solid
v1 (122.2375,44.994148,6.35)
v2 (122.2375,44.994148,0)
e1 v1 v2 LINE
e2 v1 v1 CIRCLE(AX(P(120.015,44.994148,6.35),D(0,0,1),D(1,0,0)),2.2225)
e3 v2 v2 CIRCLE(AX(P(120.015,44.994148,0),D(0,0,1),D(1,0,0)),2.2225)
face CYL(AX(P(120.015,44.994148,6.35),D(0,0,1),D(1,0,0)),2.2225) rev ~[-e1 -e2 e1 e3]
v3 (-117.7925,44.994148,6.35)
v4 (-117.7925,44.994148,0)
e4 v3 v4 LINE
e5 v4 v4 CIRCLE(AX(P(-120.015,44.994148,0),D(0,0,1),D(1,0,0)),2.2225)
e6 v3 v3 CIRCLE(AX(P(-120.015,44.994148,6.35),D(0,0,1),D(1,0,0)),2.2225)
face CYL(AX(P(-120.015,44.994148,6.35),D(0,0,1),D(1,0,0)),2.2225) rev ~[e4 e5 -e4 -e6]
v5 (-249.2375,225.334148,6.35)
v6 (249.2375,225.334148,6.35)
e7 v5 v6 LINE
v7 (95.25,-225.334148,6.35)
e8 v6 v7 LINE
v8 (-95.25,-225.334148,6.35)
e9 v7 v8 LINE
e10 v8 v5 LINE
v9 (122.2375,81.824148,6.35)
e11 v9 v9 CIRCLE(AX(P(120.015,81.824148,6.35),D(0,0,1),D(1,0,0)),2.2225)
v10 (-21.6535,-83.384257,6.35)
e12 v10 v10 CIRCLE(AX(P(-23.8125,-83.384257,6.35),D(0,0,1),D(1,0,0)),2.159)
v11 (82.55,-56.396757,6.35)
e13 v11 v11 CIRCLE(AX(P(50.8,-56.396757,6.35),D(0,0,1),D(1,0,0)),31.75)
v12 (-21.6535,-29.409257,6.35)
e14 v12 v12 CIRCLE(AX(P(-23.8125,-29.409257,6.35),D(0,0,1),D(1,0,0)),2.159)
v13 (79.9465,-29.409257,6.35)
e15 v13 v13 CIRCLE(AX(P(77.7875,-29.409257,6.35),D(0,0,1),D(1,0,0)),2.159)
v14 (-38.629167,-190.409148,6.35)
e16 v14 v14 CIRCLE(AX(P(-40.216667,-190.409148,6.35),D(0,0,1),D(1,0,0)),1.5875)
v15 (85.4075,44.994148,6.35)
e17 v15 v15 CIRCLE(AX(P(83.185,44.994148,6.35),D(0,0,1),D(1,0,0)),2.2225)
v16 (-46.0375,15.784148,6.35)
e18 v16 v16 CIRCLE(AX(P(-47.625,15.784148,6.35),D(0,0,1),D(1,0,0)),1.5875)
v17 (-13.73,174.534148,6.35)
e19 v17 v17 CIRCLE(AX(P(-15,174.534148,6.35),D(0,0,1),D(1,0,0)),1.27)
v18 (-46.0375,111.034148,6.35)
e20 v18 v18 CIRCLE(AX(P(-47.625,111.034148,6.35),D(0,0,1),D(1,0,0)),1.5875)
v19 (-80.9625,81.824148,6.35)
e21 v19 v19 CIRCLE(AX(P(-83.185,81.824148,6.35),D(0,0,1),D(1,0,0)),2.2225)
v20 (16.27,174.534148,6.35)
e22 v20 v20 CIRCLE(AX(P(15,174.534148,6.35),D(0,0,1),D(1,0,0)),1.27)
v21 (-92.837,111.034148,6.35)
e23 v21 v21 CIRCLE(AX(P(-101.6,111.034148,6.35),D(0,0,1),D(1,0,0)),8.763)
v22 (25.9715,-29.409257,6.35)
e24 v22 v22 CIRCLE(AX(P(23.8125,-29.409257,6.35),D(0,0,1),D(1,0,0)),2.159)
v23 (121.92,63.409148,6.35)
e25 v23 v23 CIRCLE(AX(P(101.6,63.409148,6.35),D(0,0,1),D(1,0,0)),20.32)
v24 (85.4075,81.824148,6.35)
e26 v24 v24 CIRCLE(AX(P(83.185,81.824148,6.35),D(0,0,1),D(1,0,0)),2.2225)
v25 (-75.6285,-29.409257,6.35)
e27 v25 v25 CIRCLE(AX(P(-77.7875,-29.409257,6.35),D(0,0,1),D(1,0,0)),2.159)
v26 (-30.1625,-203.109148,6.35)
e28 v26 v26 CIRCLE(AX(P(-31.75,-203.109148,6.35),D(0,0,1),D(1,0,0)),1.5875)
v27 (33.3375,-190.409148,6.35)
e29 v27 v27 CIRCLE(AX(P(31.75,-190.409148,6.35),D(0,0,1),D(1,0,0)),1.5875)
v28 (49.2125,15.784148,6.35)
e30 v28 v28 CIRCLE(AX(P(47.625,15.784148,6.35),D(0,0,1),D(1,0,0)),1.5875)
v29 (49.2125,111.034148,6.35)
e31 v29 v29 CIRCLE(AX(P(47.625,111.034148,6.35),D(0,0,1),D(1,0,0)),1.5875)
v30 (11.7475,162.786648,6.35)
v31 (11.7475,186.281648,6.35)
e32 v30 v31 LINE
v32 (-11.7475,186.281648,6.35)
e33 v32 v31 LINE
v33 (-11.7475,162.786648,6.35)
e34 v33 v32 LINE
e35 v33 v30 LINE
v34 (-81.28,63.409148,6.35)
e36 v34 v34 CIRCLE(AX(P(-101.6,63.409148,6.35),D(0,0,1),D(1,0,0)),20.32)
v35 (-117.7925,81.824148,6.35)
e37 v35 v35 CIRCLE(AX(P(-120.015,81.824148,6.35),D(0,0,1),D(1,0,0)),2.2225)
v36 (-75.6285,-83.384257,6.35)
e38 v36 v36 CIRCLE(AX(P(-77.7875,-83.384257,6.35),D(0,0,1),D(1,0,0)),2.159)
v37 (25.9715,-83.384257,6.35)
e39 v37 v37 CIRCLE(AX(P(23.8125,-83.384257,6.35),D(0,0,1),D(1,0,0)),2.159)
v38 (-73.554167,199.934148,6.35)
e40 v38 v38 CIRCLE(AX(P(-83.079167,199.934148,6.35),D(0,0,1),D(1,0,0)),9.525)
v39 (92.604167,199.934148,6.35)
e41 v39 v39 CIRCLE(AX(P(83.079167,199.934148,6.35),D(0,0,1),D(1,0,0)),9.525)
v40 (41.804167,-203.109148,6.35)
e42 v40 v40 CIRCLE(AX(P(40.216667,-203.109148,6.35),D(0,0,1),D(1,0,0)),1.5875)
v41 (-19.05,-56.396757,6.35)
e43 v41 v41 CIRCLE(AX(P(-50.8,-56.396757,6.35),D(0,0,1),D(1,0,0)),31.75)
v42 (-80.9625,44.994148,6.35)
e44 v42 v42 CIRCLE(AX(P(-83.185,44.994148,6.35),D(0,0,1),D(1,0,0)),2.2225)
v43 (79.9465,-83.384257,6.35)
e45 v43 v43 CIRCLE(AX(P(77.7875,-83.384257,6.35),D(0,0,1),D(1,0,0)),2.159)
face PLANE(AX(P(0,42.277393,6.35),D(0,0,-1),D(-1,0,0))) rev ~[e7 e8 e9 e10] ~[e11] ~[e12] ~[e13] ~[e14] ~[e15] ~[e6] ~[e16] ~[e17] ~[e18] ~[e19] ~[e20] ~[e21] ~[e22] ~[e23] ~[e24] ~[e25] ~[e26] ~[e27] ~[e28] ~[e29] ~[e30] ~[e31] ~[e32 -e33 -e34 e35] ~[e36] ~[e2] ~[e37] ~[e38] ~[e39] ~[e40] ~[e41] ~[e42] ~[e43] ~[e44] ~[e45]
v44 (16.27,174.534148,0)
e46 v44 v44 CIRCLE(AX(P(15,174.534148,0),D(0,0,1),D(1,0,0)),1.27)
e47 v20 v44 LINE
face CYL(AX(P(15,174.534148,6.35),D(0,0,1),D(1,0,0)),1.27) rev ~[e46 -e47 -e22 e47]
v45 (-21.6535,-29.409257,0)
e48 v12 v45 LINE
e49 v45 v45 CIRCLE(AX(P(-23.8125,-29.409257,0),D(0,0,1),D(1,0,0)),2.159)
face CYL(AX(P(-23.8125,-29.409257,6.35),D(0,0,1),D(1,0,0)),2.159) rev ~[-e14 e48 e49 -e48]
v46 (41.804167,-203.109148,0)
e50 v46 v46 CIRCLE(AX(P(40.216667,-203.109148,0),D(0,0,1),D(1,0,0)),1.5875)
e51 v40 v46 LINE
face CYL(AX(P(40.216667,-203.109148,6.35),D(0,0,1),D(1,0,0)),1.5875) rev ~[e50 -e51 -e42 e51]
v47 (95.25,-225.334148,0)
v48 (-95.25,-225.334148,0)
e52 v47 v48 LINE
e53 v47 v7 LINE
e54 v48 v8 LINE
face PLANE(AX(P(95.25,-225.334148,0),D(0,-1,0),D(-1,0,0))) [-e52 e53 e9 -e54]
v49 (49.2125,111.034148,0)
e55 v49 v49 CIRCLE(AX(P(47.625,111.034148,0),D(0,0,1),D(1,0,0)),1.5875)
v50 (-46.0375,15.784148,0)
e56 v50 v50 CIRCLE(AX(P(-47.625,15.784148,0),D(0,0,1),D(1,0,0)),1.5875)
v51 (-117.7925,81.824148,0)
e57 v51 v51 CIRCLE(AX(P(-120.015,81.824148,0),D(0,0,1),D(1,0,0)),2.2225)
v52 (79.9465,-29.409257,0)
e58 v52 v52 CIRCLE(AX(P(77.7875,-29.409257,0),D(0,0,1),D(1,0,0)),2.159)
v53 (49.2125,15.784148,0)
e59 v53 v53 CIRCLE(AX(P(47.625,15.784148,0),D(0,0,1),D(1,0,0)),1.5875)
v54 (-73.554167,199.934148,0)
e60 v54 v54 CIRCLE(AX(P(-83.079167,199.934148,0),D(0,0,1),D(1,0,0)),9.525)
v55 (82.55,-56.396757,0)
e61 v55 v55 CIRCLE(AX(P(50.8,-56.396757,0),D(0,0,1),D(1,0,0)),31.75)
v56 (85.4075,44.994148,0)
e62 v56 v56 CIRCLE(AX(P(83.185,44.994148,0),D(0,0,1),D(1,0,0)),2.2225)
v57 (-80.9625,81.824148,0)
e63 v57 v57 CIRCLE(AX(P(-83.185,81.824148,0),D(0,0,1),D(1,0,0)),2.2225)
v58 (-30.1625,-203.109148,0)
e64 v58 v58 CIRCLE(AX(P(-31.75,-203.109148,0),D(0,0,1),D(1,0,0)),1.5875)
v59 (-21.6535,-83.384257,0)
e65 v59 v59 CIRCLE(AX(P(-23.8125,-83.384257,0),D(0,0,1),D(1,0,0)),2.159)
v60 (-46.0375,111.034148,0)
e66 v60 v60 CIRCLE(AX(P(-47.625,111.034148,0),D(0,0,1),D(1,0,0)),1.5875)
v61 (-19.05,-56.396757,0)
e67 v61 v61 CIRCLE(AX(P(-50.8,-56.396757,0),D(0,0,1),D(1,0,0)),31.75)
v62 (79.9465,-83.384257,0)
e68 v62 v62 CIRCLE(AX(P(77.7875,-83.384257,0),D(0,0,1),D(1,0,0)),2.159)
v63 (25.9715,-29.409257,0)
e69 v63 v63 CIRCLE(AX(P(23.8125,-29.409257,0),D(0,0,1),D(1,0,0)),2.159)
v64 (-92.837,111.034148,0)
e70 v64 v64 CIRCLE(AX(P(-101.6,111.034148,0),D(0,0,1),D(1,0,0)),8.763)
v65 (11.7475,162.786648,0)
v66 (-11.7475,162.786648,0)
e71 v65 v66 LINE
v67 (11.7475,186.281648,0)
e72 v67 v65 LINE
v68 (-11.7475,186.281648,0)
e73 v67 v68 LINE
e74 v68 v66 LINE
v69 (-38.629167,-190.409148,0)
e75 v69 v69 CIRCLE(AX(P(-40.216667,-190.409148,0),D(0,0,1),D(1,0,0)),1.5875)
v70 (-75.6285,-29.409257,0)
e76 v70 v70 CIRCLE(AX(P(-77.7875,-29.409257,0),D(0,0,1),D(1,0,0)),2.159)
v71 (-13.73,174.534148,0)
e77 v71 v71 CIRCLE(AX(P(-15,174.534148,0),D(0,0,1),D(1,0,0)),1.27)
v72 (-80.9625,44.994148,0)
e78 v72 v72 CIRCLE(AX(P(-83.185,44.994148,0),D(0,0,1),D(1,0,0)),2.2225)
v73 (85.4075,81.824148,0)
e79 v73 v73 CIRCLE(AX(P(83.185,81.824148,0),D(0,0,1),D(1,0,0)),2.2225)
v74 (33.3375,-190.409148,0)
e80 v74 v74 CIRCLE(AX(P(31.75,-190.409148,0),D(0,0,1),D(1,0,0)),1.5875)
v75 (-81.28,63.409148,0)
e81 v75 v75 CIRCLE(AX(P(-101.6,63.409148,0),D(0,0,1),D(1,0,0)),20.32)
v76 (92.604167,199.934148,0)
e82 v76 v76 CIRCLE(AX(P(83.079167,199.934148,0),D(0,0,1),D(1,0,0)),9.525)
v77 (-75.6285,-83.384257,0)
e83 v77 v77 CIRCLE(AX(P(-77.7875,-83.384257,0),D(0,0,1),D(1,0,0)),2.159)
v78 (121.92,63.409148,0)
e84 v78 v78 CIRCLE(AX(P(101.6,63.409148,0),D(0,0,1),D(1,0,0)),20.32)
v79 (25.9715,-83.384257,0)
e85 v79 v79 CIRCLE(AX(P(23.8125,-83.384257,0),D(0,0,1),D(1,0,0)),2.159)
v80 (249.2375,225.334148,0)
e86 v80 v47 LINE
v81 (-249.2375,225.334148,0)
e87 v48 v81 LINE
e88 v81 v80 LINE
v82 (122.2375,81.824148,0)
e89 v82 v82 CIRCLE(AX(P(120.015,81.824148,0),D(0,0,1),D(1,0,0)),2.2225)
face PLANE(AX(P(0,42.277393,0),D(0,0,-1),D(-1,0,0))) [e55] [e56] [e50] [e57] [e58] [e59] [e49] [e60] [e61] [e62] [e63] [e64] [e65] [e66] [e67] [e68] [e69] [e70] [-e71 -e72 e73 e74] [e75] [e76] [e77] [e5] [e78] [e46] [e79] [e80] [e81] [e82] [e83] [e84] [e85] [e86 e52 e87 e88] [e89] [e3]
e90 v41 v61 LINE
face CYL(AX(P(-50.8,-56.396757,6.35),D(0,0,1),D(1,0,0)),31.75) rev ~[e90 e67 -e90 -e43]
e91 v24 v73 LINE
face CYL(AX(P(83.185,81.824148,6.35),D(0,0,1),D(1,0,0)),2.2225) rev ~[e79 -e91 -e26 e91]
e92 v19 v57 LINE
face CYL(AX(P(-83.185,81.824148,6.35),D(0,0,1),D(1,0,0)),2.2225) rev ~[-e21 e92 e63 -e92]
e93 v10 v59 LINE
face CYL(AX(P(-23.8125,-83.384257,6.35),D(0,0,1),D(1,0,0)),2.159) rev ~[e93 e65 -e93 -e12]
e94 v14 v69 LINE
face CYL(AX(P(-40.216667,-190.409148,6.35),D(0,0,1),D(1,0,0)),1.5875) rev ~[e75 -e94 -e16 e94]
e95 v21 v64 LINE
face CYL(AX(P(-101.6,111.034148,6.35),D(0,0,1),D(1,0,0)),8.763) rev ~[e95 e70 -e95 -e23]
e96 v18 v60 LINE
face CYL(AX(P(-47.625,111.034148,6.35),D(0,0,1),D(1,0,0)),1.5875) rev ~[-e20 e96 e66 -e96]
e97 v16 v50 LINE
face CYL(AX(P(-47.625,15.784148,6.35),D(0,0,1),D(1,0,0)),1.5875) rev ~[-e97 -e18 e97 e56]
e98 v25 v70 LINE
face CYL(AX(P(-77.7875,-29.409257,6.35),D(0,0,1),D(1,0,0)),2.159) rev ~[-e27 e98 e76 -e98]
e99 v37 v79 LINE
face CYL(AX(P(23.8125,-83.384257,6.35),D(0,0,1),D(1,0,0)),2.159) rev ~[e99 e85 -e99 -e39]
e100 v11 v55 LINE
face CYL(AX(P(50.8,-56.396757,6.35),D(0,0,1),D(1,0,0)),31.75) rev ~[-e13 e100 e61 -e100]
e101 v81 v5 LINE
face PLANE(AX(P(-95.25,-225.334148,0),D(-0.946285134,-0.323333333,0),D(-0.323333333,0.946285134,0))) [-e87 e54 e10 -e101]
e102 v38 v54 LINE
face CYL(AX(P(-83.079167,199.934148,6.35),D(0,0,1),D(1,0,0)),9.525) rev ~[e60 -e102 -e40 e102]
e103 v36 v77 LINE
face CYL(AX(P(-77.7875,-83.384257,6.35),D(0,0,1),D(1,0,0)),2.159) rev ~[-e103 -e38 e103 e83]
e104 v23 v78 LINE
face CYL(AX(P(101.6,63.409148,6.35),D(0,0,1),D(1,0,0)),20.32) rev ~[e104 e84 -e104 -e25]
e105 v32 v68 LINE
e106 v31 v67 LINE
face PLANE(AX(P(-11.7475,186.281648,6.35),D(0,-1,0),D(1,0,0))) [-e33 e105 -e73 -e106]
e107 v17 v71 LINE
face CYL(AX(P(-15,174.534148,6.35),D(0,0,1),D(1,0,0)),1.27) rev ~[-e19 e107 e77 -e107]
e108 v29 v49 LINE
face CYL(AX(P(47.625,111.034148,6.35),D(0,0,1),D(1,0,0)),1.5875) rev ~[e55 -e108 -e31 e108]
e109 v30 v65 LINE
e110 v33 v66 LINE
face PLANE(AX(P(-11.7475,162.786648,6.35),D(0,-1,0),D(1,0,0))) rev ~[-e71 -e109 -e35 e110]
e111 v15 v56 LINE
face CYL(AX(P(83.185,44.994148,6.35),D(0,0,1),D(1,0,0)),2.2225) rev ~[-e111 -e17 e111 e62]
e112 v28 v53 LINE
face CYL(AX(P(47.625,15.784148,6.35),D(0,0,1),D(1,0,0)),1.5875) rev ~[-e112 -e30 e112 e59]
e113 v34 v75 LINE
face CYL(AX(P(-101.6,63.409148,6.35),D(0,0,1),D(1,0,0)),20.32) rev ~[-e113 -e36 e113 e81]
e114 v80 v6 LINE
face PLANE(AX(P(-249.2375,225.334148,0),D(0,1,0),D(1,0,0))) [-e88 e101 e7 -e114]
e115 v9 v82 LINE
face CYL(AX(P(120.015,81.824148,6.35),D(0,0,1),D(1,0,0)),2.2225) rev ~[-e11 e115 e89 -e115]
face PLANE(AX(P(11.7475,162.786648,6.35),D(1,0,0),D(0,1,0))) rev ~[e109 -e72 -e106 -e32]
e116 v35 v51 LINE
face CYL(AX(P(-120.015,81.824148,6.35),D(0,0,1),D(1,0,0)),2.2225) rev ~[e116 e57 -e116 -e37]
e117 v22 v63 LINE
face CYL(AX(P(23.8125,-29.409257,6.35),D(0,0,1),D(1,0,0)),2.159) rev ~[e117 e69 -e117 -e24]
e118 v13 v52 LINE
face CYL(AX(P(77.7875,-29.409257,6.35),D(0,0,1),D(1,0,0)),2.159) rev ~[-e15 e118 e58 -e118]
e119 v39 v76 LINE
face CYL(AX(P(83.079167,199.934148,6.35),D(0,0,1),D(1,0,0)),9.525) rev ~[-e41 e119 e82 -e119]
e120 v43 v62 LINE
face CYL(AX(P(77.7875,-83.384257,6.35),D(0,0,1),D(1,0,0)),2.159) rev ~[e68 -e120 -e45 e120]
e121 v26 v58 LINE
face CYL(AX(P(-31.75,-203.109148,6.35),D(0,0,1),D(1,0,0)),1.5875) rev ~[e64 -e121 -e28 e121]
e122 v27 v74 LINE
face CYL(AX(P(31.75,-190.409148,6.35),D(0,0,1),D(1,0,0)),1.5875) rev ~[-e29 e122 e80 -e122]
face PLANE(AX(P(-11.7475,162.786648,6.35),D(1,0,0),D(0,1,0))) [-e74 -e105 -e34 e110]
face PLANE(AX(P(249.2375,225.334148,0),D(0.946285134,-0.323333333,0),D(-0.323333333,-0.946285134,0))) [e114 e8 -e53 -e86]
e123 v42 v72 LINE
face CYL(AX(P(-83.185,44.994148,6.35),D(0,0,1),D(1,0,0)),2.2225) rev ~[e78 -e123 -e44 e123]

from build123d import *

# Parameters (mm, degrees)
BOSS_EXTRUDE1_DEPTH = 6.35
SKETCH2_R           = 1.5875
SKETCH2_W           = 23.495
SKETCH2_H           = 23.495
SKETCH2_R_2         = 8.763
SKETCH2_R_3         = 1.27
SKETCH2_R_4         = 2.159
SKETCH2_R_5         = 2.2225
SKETCH2_R_6         = 31.75
SKETCH2_R_7         = 20.32
SKETCH2_R_8         = 9.525
CUT_EXTRUDE1_DEPTH  = 7.35


with BuildPart() as part:
    # Sketch1 → Boss-Extrude1 (new body)
    with BuildSketch(Plane.XY):
        Polygon((-249.2375, 225.334147625), (249.2375, 225.334147625), (95.25, -225.334147625), (-95.25, -225.334147625), align=None)
    extrude(amount=BOSS_EXTRUDE1_DEPTH)

    # Sketch2 → Cut-Extrude1 (cut, through all)
    with BuildSketch(Plane.XY.offset(6.35)):
        with Locations((-47.625, 15.784147625)):
            Circle(SKETCH2_R)
        with Locations((-47.625, 111.034147625)):
            Circle(SKETCH2_R)
        with Locations((47.625, 15.784147625)):
            Circle(SKETCH2_R)
        with Locations((47.625, 111.034147625)):
            Circle(SKETCH2_R)
        with Locations((0, 174.534147625)):
            Rectangle(SKETCH2_W, SKETCH2_H)
        with Locations((-101.6, 111.034147625)):
            Circle(SKETCH2_R_2)
        with Locations((15, 174.534147625)):
            Circle(SKETCH2_R_3)
        with Locations((-15, 174.534147625)):
            Circle(SKETCH2_R_3)
        with Locations((-40.216666667, -190.409147625)):
            Circle(SKETCH2_R)
        with Locations((-31.75, -203.109147625)):
            Circle(SKETCH2_R)
        with Locations((31.75, -190.409147625)):
            Circle(SKETCH2_R)
        with Locations((40.216666667, -203.109147625)):
            Circle(SKETCH2_R)
        with Locations((-77.7875, -29.409256694)):
            Circle(SKETCH2_R_4)
        with Locations((-23.8125, -29.409256694)):
            Circle(SKETCH2_R_4)
        with Locations((-77.7875, -83.384256694)):
            Circle(SKETCH2_R_4)
        with Locations((-23.8125, -83.384256694)):
            Circle(SKETCH2_R_4)
        with Locations((-83.185, 44.994147625)):
            Circle(SKETCH2_R_5)
        with Locations((-50.8, -56.396756694)):
            Circle(SKETCH2_R_6)
        with Locations((-120.015, 44.994147625)):
            Circle(SKETCH2_R_5)
        with Locations((-120.015, 81.824147625)):
            Circle(SKETCH2_R_5)
        with Locations((-83.185, 81.824147625)):
            Circle(SKETCH2_R_5)
        with Locations((-101.6, 63.409147625)):
            Circle(SKETCH2_R_7)
        with Locations((120.015, 44.994147625)):
            Circle(SKETCH2_R_5)
        with Locations((83.185, 44.994147625)):
            Circle(SKETCH2_R_5)
        with Locations((83.185, 81.824147625)):
            Circle(SKETCH2_R_5)
        with Locations((-83.079166667, 199.934147625)):
            Circle(SKETCH2_R_8)
        with Locations((83.079166667, 199.934147625)):
            Circle(SKETCH2_R_8)
        with Locations((120.015, 81.824147625)):
            Circle(SKETCH2_R_5)
        with Locations((101.6, 63.409147625)):
            Circle(SKETCH2_R_7)
        with Locations((23.8125, -29.409256694)):
            Circle(SKETCH2_R_4)
        with Locations((77.7875, -29.409256694)):
            Circle(SKETCH2_R_4)
        with Locations((23.8125, -83.384256694)):
            Circle(SKETCH2_R_4)
        with Locations((77.7875, -83.384256694)):
            Circle(SKETCH2_R_4)
        with Locations((50.8, -56.396756694)):
            Circle(SKETCH2_R_6)
    extrude(amount=-CUT_EXTRUDE1_DEPTH, mode=Mode.SUBTRACT)


solid = part.part
